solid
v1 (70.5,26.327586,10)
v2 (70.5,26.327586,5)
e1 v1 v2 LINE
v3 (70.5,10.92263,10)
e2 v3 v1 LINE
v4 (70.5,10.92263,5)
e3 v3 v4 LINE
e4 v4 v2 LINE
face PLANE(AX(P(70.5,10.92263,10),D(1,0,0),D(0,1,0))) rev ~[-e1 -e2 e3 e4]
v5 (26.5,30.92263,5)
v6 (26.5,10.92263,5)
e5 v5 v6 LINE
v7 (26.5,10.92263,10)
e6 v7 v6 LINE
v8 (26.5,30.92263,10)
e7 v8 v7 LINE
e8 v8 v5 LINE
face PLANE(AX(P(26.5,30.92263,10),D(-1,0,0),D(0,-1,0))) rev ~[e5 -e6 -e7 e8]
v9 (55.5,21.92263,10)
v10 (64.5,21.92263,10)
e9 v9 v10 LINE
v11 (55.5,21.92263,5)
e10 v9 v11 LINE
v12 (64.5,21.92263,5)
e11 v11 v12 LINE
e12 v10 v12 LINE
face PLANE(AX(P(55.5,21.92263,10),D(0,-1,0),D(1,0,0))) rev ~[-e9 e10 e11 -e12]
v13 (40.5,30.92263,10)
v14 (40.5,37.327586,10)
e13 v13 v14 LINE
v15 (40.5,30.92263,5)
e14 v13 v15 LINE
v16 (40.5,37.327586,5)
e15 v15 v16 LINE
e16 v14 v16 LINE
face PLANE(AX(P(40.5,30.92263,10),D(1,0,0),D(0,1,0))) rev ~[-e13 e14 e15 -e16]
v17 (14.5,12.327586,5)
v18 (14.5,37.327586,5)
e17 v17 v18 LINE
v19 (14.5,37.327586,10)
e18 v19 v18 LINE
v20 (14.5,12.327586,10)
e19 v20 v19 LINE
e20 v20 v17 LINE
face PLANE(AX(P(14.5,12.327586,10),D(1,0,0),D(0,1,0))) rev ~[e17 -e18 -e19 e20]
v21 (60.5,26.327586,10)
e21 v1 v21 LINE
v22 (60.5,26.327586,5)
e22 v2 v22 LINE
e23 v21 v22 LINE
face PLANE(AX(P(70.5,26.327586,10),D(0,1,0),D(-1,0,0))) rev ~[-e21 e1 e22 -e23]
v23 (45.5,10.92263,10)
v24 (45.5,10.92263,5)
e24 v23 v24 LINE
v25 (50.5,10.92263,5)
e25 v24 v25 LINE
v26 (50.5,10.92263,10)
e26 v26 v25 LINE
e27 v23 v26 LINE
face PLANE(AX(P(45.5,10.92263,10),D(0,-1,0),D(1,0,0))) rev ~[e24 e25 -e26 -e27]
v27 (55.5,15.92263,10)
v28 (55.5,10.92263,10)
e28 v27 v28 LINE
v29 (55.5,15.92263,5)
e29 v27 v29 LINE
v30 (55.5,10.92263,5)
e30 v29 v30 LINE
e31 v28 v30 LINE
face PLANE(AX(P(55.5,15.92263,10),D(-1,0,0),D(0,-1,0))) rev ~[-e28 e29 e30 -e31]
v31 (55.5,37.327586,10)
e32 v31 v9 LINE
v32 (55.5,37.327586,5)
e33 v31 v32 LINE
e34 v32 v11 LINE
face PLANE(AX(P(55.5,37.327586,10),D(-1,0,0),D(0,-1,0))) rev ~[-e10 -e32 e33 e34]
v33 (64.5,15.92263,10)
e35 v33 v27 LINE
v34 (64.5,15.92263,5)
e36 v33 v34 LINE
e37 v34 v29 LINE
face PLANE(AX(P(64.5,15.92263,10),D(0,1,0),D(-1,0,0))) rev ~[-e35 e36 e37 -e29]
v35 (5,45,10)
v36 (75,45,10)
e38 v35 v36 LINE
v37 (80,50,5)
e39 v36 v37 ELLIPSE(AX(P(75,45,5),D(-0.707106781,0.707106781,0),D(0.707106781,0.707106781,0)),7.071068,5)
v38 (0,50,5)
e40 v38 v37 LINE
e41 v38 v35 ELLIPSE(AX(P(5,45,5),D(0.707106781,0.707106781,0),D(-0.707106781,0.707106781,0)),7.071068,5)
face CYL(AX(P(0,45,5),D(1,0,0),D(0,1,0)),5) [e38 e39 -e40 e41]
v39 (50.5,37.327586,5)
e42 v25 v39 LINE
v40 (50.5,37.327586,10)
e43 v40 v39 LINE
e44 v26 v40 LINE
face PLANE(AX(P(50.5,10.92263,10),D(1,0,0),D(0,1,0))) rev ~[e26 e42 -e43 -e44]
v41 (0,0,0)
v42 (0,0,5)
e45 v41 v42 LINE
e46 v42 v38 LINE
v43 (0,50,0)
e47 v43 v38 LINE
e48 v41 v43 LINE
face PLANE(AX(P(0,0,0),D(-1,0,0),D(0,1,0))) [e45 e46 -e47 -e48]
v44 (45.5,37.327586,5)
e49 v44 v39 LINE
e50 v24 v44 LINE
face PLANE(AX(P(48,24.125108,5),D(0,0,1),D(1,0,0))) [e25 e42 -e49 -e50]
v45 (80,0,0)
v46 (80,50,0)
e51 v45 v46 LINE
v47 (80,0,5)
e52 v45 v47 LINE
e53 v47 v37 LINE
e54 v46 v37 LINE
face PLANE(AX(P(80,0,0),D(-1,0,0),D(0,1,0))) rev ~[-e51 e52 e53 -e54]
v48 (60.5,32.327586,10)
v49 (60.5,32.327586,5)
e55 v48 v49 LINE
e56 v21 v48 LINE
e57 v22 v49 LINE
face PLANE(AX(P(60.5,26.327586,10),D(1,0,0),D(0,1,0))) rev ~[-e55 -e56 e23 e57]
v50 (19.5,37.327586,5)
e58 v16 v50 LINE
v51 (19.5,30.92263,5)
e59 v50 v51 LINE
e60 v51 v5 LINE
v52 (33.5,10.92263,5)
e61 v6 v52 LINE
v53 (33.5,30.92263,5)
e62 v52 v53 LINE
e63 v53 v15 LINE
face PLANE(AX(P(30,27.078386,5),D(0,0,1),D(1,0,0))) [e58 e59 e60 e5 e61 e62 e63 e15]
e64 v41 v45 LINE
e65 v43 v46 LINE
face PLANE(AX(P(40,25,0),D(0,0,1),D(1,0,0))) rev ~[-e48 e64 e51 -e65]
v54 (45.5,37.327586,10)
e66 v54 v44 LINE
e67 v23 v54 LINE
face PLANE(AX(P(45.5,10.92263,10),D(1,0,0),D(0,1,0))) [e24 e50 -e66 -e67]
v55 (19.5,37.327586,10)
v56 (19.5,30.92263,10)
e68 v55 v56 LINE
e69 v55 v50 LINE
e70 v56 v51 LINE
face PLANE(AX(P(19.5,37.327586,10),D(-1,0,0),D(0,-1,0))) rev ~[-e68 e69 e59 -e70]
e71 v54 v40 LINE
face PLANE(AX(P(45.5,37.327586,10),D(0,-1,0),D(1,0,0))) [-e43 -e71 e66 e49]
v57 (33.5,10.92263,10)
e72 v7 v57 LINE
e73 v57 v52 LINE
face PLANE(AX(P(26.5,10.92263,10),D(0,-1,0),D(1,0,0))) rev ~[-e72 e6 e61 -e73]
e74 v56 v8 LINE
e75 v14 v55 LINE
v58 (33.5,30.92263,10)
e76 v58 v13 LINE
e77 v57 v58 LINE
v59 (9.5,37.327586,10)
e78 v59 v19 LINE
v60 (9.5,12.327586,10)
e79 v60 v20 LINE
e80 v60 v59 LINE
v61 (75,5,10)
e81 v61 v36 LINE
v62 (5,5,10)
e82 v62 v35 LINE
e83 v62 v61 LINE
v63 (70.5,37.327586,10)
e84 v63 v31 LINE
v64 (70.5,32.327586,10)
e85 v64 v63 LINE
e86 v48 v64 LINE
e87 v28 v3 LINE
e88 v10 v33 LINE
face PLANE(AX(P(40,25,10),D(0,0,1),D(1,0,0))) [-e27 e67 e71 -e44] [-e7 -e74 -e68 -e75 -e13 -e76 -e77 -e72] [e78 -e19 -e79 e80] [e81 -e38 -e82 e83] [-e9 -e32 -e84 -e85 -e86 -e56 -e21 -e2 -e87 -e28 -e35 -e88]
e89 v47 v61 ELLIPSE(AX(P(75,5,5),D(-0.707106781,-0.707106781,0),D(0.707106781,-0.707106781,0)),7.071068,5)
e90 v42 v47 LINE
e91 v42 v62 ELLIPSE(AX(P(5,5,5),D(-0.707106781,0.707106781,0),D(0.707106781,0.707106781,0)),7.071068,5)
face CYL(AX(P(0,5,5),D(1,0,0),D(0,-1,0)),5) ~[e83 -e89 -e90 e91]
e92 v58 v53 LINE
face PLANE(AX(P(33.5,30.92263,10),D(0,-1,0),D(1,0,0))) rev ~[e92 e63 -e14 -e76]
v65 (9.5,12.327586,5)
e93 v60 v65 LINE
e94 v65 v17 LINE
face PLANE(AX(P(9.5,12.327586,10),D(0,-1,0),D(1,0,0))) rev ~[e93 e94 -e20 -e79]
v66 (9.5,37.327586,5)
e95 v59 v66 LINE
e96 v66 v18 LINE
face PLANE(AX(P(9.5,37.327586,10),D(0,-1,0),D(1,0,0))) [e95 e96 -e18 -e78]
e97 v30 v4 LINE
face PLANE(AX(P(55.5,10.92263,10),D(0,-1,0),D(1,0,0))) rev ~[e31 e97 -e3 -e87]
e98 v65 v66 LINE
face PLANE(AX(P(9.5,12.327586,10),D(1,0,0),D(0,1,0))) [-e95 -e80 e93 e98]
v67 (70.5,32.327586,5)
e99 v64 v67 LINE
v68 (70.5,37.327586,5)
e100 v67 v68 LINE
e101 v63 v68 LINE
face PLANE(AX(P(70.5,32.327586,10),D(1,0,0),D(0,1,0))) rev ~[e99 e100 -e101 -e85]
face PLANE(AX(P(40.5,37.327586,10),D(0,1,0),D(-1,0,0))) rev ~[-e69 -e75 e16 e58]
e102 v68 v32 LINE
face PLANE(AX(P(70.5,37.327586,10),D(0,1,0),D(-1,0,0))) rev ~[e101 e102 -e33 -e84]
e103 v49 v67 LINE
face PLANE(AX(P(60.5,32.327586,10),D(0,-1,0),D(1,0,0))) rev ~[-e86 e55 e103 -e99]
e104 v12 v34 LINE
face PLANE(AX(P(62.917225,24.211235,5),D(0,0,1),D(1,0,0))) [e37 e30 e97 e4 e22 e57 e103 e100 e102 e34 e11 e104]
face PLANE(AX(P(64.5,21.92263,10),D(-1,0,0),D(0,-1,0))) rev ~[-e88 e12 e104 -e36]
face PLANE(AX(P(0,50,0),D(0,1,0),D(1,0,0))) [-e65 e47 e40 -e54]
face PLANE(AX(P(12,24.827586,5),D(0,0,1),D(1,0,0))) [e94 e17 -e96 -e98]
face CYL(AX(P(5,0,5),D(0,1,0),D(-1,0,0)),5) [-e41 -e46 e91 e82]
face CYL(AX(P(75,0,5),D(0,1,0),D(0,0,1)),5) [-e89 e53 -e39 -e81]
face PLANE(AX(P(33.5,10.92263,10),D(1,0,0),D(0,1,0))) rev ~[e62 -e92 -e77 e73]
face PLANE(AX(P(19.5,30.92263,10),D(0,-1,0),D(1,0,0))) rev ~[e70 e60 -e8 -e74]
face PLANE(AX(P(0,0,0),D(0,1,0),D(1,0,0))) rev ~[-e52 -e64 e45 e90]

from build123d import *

# Parameters (mm, degrees)
F0_W     = 80
F0_H     = 50
F1_DEPTH = 10
F2_W     = 5
F2_H     = 25
F2_H_2   = 26.404956
F3_DEPTH = 5
F4_R     = 5


with BuildPart() as f1:
    # F0 (on Top) → F1 (new body)
    with BuildSketch(Plane.XY):
        with Locations((40, 25)):
            Rectangle(F0_W, F0_H)
    extrude(amount=F1_DEPTH)

    # F2 (on face) → F3 (cut)
    with BuildSketch(Plane.XY.offset(10)):
        with Locations((12, 24.827586)):
            Rectangle(F2_W, F2_H)
        Polygon((26.5, 30.92263), (26.5, 10.92263), (33.5, 10.92263), (33.5, 30.92263), (40.5, 30.92263), (40.5, 37.327586), (19.5, 37.327586), (19.5, 30.92263), align=None)
        with Locations((48, 24.125108)):
            Rectangle(F2_W, F2_H_2)
        Polygon((70.5, 32.327586), (70.5, 37.327586), (55.5, 37.327586), (55.5, 21.92263), (64.5, 21.92263), (64.5, 15.92263), (55.5, 15.92263), (55.5, 10.92263), (70.5, 10.92263), (70.5, 26.327586), (60.5, 26.327586), (60.5, 32.327586), align=None)
    extrude(amount=-F3_DEPTH, mode=Mode.SUBTRACT)

    # F4
    f4_edges = [f1.edges().sort_by_distance(p)[0] for p in [
        (0, 25, 10),
        (40, 0, 10),
        (80, 25, 10),
        (40, 50, 10),
    ]]
    fillet(f4_edges, radius=F4_R)


solid = f1.part
